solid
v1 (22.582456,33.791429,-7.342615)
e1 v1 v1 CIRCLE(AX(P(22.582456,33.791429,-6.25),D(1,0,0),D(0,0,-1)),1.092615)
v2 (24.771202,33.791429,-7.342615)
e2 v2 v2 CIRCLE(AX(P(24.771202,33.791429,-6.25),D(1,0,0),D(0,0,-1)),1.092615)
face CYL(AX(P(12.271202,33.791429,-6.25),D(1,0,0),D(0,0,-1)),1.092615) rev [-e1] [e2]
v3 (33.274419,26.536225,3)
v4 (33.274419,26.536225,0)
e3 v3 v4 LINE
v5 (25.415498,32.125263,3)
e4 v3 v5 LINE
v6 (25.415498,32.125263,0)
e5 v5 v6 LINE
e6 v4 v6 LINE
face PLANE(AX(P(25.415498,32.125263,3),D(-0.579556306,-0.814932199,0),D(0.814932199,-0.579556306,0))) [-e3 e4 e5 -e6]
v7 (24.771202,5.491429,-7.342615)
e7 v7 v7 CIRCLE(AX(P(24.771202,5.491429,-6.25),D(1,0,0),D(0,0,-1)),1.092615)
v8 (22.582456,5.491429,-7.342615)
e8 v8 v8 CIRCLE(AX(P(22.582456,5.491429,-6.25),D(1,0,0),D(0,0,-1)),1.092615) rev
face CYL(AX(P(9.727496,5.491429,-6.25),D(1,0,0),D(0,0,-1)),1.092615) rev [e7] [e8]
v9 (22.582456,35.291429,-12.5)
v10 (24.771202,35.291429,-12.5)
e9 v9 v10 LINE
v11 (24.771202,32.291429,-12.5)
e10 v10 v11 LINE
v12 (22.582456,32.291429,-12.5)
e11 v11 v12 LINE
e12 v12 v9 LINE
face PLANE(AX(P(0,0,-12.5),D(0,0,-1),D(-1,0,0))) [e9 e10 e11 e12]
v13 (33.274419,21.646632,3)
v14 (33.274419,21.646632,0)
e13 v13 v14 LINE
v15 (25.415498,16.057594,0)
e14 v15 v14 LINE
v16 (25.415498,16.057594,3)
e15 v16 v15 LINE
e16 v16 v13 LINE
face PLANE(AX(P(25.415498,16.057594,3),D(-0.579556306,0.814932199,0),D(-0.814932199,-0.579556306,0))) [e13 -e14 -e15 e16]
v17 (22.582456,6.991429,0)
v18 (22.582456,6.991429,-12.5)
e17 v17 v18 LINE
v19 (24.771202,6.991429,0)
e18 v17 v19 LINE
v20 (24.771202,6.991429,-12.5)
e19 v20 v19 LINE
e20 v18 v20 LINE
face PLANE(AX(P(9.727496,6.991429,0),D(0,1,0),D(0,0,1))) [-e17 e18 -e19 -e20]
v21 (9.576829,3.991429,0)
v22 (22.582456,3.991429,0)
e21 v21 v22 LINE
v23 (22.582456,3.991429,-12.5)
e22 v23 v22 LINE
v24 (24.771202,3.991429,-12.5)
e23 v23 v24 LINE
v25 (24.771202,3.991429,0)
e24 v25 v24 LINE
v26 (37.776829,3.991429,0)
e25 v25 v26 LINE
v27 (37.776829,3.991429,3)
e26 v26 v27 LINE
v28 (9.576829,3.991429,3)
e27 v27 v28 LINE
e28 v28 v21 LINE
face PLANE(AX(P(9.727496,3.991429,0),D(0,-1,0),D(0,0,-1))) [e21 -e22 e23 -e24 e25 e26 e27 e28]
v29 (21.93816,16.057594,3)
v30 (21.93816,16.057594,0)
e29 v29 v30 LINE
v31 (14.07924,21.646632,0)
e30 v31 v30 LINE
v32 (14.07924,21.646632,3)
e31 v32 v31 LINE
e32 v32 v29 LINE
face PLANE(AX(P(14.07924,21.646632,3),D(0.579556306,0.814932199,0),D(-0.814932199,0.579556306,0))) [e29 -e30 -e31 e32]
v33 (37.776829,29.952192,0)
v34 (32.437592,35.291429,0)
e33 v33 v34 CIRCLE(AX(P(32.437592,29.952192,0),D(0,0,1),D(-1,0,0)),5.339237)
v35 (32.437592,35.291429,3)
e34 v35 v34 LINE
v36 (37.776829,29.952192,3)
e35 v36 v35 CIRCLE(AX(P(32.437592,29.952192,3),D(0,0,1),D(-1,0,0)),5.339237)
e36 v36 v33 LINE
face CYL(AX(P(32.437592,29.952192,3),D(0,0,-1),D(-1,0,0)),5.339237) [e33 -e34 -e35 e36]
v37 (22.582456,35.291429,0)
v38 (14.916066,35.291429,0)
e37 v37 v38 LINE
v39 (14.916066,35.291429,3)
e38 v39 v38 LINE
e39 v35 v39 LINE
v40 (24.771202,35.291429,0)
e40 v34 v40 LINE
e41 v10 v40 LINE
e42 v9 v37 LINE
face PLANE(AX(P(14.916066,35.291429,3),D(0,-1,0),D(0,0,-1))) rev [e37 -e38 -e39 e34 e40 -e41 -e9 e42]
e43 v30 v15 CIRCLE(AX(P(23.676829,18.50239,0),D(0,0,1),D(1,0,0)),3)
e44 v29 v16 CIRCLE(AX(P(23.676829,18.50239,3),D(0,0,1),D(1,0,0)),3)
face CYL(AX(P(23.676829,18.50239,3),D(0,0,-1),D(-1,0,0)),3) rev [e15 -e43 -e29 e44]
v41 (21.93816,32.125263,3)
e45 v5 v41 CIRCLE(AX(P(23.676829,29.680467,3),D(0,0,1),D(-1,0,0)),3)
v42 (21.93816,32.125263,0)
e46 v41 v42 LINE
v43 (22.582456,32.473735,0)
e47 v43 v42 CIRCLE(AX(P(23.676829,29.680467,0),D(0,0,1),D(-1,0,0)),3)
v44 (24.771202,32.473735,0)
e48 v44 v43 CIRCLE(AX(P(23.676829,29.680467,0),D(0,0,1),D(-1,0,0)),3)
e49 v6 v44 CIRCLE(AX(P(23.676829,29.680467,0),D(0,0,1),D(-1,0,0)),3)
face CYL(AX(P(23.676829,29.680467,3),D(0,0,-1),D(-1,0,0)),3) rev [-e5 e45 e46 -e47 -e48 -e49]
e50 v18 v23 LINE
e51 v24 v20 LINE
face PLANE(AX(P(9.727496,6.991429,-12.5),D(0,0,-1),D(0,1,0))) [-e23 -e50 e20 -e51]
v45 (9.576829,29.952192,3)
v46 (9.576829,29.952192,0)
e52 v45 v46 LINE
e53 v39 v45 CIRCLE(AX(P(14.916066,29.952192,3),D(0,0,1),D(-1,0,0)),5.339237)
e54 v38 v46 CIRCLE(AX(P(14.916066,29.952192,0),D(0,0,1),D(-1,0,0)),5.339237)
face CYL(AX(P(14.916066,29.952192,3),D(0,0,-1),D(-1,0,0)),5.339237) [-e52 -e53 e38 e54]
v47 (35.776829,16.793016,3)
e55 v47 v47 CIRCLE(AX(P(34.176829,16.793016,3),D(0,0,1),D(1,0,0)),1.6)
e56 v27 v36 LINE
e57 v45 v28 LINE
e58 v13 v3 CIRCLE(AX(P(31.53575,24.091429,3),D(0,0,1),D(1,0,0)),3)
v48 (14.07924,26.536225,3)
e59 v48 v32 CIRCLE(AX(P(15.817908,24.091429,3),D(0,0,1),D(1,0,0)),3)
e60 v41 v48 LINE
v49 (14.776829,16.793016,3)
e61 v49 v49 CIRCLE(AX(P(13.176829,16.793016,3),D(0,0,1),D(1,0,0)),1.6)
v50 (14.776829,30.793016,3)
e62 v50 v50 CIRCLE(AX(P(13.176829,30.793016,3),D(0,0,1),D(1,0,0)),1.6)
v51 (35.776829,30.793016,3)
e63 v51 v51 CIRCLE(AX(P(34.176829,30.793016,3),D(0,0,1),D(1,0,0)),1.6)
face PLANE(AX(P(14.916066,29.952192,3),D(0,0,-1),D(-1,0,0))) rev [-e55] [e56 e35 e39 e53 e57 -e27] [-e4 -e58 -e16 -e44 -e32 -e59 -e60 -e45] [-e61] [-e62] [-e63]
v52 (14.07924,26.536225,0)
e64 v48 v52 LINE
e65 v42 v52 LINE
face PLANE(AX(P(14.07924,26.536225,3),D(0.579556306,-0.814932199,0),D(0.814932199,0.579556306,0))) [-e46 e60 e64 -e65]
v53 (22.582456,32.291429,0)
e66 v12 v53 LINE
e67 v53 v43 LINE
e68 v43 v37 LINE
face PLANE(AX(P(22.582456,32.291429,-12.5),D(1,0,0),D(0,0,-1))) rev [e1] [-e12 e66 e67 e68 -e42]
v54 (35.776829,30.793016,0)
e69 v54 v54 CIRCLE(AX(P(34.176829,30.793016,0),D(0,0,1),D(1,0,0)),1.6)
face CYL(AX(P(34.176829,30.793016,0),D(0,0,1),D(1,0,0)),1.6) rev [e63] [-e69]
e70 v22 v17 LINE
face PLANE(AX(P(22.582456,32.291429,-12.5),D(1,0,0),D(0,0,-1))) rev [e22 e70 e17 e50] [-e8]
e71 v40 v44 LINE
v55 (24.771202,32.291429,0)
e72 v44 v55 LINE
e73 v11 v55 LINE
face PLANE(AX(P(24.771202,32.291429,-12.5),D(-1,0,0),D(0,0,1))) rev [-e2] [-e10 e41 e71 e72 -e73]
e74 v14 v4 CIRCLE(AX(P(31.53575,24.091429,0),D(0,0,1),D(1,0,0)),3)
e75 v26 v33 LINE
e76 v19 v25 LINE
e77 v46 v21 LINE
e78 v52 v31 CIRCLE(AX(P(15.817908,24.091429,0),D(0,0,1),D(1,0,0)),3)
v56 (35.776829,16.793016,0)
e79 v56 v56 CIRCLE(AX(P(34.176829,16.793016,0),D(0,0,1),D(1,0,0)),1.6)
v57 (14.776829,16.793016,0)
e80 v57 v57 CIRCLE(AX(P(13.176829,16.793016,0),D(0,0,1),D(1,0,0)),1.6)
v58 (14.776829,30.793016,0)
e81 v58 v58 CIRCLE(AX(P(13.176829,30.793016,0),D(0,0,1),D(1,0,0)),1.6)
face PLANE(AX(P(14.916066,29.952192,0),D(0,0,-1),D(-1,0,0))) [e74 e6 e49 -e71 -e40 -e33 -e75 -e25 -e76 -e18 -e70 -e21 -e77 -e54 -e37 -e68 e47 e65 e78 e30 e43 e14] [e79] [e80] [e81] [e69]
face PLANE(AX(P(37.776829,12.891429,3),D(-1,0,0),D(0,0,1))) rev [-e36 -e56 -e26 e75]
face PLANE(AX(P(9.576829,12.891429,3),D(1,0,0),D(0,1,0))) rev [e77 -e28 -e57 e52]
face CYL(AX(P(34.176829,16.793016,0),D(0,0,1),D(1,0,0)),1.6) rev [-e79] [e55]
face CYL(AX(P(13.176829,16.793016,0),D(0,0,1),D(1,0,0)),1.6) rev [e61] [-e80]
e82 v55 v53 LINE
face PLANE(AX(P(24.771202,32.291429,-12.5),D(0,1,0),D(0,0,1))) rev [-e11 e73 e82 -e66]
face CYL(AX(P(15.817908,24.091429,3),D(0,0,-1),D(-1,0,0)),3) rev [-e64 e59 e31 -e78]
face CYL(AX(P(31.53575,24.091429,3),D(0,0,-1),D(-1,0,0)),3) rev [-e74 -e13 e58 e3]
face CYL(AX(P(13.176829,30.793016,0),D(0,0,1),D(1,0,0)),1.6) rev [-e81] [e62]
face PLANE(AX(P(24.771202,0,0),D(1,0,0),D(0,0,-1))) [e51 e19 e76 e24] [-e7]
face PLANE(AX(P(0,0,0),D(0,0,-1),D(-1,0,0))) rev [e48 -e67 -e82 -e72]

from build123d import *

# Parameters (mm, degrees)
BOSS_EXTRUDE1_DEPTH = 3
SKETCH2_R           = 1.6
CUT_EXTRUDE1_DEPTH  = 3
SKETCH3_W           = 2.188746234
SKETCH3_H           = 3
BOSS_EXTRUDE2_DEPTH = 12.5
SKETCH4_R           = 1.0926154
CUT_EXTRUDE2_DEPTH  = 12.5
SKETCH5_W           = 12.5
SKETCH5_H           = 3
SKETCH5_R           = 1.0926154
BOSS_EXTRUDE3_DEPTH = 2.188746233
SKETCH6_W           = 28.2
SKETCH6_H           = 3
BOSS_EXTRUDE4_DEPTH = 8.9


with BuildPart() as part:
    # Sketch1 → Boss-Extrude1 (new body)
    with BuildSketch(Plane.XY):
        with BuildLine():
            Line((9.576829353, 12.891428571), (37.776829353, 12.891428571))
            Line((37.776829353, 12.891428571), (37.776829353, 29.952191633))
            ThreePointArc((37.776829353, 29.952191633), (36.21300306, 33.727602279), (32.437592415, 35.291428571))
            Line((32.437592415, 35.291428571), (14.916066291, 35.291428571))
            ThreePointArc((14.916066291, 35.291428571), (11.140655646, 33.727602279), (9.576829353, 29.952191633))
            Line((9.576829353, 29.952191633), (9.576829353, 12.891428571))
        make_face()
        with BuildLine():
            Line((14.079239539, 21.646631976), (21.938160435, 16.057593806))
            ThreePointArc((21.938160435, 16.057593806), (23.676829353, 15.502390402), (25.415498271, 16.057593806))
            Line((25.415498271, 16.057593806), (33.274419167, 21.646631976))
            ThreePointArc((33.274419167, 21.646631976), (34.53575025, 24.091428571), (33.274419167, 26.536225167))
            Line((33.274419167, 26.536225167), (25.415498271, 32.125263337))
            ThreePointArc((25.415498271, 32.125263337), (23.676829353, 32.680466741), (21.938160435, 32.125263337))
            Line((21.938160435, 32.125263337), (14.079239539, 26.536225167))
            ThreePointArc((14.079239539, 26.536225167), (12.817908456, 24.091428571), (14.079239539, 21.646631976))
        make_face(mode=Mode.SUBTRACT)
    extrude(amount=BOSS_EXTRUDE1_DEPTH)

    # Sketch2 → Cut-Extrude1 (cut)
    with BuildSketch(Plane.XY.offset(3)):
        with Locations((13.176829353, 30.793016236)):
            Circle(SKETCH2_R)
        with Locations((34.176829353, 30.793016236)):
            Circle(SKETCH2_R)
        with Locations((13.176829353, 16.793016236)):
            Circle(SKETCH2_R)
        with Locations((34.176829353, 16.793016236)):
            Circle(SKETCH2_R)
    extrude(amount=-CUT_EXTRUDE1_DEPTH, mode=Mode.SUBTRACT)

    # Sketch3 → Boss-Extrude2 (add)
    with BuildSketch(Plane(origin=(0, 0, 0), x_dir=(-1, 0, 0), z_dir=(0, 0, -1))):
        with Locations((-23.676829353, 33.791428571)):
            Rectangle(SKETCH3_W, SKETCH3_H)
    extrude(amount=BOSS_EXTRUDE2_DEPTH)

    # Sketch4 → Cut-Extrude2 (cut)
    with BuildSketch(Plane(origin=(24.77120247, 0, 0), x_dir=(0, 0, -1), z_dir=(1, 0, 0))):
        with Locations((6.25, 33.791428571)):
            Circle(SKETCH4_R)
    extrude(amount=-CUT_EXTRUDE2_DEPTH, mode=Mode.SUBTRACT)



with BuildPart() as body_2:
    # Sketch5 → Boss-Extrude3 (new body)
    with BuildSketch(Plane(origin=(24.77120247, 0, 0), x_dir=(0, 0, -1), z_dir=(1, 0, 0))):
        with Locations((6.25, 5.491428571)):
            Rectangle(SKETCH5_W, SKETCH5_H)
        with Locations((6.25, 5.491428571)):
            Circle(SKETCH5_R, mode=Mode.SUBTRACT)
    extrude(amount=-BOSS_EXTRUDE3_DEPTH)


with BuildPart() as part_1:
    add(part.part)

    add(body_2.part)  # Boss-Extrude4 merges body 2
    # Sketch6 → Boss-Extrude4 (add)
    with BuildSketch(Plane.XZ.offset(-12.891428571)):
        with Locations((23.676829353, 1.5)):
            Rectangle(SKETCH6_W, SKETCH6_H)
    extrude(amount=BOSS_EXTRUDE4_DEPTH)


solid = part_1.part
